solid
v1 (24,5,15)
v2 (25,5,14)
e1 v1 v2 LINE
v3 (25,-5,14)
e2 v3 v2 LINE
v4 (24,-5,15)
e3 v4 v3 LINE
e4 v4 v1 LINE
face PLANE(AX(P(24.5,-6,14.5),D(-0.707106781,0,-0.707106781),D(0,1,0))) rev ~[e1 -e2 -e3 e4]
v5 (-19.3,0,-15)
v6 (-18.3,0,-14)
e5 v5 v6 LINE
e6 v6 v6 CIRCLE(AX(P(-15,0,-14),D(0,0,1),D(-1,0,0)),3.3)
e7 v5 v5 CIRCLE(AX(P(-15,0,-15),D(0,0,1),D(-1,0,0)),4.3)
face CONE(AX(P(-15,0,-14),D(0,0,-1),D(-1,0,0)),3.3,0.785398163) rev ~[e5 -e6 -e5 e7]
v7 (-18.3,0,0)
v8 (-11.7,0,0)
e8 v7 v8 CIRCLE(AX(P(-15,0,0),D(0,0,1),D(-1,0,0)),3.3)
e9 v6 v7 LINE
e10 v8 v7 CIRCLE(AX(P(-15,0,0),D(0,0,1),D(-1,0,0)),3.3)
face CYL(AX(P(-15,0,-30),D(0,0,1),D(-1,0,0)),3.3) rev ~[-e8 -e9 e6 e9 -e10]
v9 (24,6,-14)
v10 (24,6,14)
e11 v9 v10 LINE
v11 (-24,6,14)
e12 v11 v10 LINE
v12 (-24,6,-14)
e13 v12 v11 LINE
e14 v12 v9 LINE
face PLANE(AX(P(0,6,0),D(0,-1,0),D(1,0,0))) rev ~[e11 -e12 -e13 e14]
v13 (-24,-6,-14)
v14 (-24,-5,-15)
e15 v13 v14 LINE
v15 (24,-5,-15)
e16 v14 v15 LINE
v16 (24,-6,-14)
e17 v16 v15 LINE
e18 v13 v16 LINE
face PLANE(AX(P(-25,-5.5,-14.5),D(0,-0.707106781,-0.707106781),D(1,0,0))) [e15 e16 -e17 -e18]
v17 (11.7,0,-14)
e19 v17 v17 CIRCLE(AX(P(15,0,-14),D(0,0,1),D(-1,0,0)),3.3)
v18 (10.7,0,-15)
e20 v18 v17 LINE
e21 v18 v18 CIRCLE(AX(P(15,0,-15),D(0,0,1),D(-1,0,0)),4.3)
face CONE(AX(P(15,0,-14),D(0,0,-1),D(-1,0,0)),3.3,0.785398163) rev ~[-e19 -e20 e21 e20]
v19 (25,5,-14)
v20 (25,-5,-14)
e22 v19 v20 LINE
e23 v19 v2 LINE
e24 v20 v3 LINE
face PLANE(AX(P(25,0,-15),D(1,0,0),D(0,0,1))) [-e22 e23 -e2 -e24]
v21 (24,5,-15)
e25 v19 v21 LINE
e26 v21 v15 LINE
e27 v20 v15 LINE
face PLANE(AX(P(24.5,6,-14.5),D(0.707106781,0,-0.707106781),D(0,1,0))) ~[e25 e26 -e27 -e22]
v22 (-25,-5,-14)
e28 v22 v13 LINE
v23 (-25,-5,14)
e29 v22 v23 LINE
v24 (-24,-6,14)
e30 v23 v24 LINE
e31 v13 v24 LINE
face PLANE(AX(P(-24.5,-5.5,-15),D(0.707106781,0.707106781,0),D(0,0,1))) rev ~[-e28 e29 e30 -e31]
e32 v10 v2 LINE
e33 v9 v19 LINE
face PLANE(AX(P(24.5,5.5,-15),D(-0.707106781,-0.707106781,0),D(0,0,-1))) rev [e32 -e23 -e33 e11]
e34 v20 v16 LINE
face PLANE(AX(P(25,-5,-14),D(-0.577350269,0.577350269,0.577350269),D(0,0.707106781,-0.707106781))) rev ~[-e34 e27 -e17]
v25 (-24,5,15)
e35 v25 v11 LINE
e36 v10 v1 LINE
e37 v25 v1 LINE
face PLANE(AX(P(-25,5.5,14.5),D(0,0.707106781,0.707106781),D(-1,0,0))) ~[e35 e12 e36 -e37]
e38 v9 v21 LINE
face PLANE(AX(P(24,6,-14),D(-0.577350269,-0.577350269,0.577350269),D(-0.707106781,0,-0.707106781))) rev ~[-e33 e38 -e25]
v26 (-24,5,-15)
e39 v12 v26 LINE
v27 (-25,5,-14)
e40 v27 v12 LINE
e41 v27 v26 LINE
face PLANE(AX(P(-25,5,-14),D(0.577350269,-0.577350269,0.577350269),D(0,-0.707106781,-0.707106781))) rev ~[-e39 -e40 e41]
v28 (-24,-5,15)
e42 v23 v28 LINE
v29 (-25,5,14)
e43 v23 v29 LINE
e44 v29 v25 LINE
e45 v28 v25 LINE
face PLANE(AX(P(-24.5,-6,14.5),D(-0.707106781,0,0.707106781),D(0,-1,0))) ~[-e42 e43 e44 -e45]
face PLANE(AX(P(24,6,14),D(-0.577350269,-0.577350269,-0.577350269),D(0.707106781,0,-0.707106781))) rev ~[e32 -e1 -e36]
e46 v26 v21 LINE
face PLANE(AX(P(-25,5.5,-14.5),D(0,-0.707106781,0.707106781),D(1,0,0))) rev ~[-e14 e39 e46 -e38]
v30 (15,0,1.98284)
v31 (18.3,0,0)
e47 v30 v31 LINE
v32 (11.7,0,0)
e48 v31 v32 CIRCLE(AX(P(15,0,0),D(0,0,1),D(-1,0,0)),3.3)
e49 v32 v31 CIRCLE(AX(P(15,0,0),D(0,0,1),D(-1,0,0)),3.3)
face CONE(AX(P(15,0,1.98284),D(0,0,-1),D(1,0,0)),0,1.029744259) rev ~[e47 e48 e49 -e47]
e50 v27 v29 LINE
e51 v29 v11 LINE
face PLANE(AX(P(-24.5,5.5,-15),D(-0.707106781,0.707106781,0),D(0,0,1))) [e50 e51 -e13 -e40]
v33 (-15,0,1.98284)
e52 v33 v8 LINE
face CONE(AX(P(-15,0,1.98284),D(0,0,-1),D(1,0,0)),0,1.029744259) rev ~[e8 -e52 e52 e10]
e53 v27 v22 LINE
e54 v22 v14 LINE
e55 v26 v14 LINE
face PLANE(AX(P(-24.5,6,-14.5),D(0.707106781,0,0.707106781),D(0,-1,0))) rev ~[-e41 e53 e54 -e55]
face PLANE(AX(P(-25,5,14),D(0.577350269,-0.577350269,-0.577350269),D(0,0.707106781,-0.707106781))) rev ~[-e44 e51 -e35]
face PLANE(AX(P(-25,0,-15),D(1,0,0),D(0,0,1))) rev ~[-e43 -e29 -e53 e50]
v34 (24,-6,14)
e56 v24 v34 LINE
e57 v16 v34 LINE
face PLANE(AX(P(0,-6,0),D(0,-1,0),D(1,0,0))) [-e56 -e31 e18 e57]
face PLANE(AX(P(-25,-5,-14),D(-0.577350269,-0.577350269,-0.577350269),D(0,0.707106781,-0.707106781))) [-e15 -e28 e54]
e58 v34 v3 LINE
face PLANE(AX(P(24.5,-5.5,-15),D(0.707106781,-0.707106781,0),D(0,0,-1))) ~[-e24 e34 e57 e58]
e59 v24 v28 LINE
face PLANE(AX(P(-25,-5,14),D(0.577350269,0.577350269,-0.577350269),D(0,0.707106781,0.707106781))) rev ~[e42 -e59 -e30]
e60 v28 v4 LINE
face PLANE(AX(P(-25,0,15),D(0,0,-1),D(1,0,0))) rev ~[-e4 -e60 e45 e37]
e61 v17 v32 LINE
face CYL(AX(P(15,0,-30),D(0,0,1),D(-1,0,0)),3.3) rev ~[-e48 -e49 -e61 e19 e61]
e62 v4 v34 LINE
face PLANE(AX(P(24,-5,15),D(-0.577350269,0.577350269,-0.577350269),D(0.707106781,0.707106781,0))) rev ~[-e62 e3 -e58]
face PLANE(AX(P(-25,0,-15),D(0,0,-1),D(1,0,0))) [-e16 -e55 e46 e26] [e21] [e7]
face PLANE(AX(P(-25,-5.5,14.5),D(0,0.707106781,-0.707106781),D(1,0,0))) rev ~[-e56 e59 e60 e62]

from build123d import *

# Parameters (mm, degrees)
F0_W     = 50
F0_H     = 30
F1_DEPTH = 6
F3_D     = 6.6
F3_DEPTH = 15
F3_TIP   = 1.9828400428
F4_SIZE  = 1


with BuildPart() as f1:
    # F0 (on Front) → F1 (new body, symmetric)
    with BuildSketch(Plane.XZ):
        Rectangle(F0_W, F0_H)
    extrude(amount=F1_DEPTH, both=True)

    # F3
    with Locations(Plane(origin=(0, 0, -15), x_dir=(1, 0, 0), z_dir=(0, 0, -1))):
        with Locations((-15, 0), (15, 0)):
            Hole(F3_D / 2, depth=F3_DEPTH)
            with Locations((0, 0, -(F3_DEPTH + F3_TIP / 2))):  # 118° drill point
                Cone(0, F3_D / 2, F3_TIP, mode=Mode.SUBTRACT)

    # F4
    f4_edges = [f1.edges().sort_by_distance(p)[0] for p in [
        (0, -6, -15),
        (25, -6, 0),
        (0, -6, 15),
        (-25, -6, 0),
        (25, 0, 15),
        (0, 6, 15),
        (-25, 0, 15),
        (25, 0, -15),
        (25, 6, 0),
        (0, 6, -15),
        (-25, 6, 0),
        (-25, 0, -15),
        (-18.3, 0, -15),
        (11.7, 0, -15),
    ]]
    chamfer(f4_edges, length=F4_SIZE)


solid = f1.part
